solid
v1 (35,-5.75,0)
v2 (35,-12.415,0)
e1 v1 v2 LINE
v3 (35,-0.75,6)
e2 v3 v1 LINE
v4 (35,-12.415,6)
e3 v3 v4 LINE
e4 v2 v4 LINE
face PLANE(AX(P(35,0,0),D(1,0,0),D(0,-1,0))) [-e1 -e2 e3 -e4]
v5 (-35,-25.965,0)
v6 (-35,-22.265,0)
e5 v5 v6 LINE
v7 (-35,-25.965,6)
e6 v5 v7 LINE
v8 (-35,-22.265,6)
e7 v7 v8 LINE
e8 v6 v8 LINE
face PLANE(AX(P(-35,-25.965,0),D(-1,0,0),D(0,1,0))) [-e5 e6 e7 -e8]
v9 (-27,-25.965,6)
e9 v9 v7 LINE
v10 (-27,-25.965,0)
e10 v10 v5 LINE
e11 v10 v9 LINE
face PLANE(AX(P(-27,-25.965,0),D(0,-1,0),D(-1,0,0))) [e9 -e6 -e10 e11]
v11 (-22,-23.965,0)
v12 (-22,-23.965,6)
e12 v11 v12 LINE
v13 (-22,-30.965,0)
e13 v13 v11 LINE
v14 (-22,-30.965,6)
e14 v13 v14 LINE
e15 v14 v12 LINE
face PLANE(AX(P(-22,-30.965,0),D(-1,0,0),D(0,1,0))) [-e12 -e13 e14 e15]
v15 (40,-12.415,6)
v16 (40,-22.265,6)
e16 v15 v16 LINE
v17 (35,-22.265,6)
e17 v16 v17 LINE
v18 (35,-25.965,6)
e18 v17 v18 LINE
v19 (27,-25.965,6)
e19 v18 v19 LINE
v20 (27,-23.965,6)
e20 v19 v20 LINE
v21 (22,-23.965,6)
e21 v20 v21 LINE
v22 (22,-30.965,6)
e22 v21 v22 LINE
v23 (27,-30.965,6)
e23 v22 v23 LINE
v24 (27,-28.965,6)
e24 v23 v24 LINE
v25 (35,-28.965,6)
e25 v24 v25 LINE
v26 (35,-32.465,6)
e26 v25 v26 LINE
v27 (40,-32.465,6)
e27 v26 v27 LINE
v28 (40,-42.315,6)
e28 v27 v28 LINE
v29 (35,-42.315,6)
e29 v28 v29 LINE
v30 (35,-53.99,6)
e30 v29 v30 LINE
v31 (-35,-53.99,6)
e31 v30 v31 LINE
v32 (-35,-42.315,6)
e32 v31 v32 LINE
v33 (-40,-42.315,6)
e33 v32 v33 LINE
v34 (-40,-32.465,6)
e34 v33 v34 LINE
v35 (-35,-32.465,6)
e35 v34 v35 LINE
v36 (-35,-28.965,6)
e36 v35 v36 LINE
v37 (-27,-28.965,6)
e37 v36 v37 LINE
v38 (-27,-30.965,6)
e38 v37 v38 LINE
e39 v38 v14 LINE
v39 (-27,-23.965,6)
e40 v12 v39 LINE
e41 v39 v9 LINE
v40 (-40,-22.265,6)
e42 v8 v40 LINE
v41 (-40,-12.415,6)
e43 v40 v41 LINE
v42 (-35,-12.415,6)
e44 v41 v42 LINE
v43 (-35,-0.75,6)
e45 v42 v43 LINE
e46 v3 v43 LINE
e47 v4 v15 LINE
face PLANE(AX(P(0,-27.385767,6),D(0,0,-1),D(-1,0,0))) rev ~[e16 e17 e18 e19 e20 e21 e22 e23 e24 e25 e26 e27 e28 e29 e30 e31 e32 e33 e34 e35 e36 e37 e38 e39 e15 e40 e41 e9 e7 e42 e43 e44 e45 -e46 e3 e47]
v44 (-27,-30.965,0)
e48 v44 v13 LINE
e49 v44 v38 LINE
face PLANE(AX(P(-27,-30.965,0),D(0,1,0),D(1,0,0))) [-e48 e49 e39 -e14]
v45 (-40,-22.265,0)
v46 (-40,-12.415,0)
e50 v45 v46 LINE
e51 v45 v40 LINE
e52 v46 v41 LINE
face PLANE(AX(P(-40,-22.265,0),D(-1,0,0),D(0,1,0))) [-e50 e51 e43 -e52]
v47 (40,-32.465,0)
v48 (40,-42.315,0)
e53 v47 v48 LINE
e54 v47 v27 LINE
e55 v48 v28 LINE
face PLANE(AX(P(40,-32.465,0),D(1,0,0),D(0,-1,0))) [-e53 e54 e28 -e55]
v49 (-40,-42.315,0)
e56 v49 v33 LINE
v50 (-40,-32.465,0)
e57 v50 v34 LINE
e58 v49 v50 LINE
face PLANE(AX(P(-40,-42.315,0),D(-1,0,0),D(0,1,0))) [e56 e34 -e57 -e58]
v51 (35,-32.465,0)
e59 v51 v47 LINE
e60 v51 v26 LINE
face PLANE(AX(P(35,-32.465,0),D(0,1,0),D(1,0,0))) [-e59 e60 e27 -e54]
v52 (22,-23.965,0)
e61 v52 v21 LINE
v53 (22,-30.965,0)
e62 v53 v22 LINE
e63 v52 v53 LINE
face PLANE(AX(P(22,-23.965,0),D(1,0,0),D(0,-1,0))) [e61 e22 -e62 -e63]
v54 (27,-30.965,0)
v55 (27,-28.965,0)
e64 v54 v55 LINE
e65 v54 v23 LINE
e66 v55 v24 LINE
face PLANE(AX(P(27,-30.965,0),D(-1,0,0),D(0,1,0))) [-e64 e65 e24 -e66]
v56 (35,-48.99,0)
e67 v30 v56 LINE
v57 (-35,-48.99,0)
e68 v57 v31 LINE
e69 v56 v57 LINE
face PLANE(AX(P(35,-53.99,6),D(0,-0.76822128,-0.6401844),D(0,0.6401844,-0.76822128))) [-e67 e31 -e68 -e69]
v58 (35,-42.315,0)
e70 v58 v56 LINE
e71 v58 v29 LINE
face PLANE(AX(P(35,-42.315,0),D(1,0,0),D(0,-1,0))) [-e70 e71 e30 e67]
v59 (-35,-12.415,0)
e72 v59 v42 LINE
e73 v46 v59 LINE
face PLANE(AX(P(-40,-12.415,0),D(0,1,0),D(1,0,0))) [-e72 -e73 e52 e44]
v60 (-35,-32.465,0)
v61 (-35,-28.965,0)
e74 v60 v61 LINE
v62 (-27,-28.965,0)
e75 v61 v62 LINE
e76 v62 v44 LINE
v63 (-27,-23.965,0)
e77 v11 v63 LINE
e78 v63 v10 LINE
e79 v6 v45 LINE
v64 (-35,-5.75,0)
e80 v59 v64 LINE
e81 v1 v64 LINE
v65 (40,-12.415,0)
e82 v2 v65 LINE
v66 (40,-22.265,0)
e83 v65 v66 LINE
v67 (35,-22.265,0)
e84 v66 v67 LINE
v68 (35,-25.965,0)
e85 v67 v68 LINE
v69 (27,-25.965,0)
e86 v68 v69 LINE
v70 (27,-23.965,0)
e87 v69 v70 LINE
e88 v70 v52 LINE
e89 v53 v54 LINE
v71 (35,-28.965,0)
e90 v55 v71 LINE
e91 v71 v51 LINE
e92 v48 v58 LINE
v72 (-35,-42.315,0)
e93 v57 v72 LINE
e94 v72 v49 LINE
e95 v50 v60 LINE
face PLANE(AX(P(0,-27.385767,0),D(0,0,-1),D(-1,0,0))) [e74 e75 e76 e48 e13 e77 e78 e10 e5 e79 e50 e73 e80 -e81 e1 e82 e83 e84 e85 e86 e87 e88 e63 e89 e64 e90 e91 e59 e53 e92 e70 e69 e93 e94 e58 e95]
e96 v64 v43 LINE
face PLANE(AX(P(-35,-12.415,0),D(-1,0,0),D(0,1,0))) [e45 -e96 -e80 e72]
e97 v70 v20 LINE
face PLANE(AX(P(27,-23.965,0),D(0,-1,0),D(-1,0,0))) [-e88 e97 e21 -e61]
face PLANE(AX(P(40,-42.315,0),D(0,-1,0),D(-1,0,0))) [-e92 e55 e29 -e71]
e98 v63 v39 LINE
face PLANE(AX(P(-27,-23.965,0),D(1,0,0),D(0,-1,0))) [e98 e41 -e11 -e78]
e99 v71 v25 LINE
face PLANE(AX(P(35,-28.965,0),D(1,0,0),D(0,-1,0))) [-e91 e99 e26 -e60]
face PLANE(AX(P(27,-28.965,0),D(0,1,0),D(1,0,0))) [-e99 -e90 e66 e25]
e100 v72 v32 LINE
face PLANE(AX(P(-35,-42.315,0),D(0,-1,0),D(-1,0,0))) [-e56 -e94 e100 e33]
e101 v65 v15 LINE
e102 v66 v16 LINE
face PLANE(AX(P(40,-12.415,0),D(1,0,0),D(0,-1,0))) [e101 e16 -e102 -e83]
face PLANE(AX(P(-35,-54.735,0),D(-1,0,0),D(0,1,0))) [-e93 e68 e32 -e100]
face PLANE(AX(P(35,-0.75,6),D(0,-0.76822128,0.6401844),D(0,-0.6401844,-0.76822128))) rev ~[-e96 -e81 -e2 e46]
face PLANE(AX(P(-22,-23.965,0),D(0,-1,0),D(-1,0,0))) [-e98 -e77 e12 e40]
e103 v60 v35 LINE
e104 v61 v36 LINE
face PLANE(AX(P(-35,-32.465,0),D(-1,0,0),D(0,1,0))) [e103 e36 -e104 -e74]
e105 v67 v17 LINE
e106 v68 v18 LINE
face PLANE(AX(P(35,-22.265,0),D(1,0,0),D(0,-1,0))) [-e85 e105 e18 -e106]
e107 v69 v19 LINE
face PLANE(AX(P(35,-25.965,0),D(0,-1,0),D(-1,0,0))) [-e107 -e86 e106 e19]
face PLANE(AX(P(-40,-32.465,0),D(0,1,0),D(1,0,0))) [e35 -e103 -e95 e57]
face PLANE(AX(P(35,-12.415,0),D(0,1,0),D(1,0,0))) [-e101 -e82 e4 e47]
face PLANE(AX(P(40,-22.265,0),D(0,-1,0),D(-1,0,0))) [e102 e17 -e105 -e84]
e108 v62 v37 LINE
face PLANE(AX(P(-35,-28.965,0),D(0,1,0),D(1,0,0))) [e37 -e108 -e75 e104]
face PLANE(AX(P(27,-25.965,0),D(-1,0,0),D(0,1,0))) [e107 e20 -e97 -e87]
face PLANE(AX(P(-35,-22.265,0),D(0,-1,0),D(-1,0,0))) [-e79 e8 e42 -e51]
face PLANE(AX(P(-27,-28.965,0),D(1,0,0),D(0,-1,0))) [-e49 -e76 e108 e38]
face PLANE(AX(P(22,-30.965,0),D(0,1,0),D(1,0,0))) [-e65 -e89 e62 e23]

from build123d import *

# Parameters (mm, degrees)
RESSALTO_EXTRUS_O1_DEPTH = 6
CORTE_EXTRUS_O2_DEPTH    = 76


with BuildPart() as part:
    # Model → Ressalto-extrusão1 (new body)
    with BuildSketch(Plane.XY):
        Polygon((35, -42.315), (35, -54.735), (-35, -54.735), (-35, -42.315), (-40, -42.315), (-40, -32.465), (-35, -32.465), (-35, -28.965000001), (-27, -28.965000001), (-27, -30.965000001), (-22, -30.965000001), (-22, -23.965000001), (-27, -23.965000001), (-27, -25.965000001), (-35, -25.965000001), (-35, -22.265), (-40, -22.265), (-40, -12.415), (-35, -12.415), (-35, 0), (35, 0), (35, -12.415), (40, -12.415), (40, -22.265), (35, -22.265), (35, -25.965000001), (27, -25.965000001), (27, -23.965000001), (22, -23.965000001), (22, -30.965000001), (27, -30.965000001), (27, -28.965000001), (35, -28.965000001), (35, -32.465), (40, -32.465), (40, -42.315), align=None)
    extrude(amount=RESSALTO_EXTRUS_O1_DEPTH)

    # Esboço2 → Corte-extrusão2 (cut, through all)
    with BuildSketch(Plane(origin=(35, 0, 0), x_dir=(0, 0, -1), z_dir=(1, 0, 0))):
        Polygon((-6, -0.75), (0, -5.75), (0, 4.25), (-6, 4.25), align=None)
        Polygon((-6, -58.99), (-6, -53.99), (0, -48.99), (0, -58.99), align=None)
    extrude(amount=-CORTE_EXTRUS_O2_DEPTH, mode=Mode.SUBTRACT)


solid = part.part
